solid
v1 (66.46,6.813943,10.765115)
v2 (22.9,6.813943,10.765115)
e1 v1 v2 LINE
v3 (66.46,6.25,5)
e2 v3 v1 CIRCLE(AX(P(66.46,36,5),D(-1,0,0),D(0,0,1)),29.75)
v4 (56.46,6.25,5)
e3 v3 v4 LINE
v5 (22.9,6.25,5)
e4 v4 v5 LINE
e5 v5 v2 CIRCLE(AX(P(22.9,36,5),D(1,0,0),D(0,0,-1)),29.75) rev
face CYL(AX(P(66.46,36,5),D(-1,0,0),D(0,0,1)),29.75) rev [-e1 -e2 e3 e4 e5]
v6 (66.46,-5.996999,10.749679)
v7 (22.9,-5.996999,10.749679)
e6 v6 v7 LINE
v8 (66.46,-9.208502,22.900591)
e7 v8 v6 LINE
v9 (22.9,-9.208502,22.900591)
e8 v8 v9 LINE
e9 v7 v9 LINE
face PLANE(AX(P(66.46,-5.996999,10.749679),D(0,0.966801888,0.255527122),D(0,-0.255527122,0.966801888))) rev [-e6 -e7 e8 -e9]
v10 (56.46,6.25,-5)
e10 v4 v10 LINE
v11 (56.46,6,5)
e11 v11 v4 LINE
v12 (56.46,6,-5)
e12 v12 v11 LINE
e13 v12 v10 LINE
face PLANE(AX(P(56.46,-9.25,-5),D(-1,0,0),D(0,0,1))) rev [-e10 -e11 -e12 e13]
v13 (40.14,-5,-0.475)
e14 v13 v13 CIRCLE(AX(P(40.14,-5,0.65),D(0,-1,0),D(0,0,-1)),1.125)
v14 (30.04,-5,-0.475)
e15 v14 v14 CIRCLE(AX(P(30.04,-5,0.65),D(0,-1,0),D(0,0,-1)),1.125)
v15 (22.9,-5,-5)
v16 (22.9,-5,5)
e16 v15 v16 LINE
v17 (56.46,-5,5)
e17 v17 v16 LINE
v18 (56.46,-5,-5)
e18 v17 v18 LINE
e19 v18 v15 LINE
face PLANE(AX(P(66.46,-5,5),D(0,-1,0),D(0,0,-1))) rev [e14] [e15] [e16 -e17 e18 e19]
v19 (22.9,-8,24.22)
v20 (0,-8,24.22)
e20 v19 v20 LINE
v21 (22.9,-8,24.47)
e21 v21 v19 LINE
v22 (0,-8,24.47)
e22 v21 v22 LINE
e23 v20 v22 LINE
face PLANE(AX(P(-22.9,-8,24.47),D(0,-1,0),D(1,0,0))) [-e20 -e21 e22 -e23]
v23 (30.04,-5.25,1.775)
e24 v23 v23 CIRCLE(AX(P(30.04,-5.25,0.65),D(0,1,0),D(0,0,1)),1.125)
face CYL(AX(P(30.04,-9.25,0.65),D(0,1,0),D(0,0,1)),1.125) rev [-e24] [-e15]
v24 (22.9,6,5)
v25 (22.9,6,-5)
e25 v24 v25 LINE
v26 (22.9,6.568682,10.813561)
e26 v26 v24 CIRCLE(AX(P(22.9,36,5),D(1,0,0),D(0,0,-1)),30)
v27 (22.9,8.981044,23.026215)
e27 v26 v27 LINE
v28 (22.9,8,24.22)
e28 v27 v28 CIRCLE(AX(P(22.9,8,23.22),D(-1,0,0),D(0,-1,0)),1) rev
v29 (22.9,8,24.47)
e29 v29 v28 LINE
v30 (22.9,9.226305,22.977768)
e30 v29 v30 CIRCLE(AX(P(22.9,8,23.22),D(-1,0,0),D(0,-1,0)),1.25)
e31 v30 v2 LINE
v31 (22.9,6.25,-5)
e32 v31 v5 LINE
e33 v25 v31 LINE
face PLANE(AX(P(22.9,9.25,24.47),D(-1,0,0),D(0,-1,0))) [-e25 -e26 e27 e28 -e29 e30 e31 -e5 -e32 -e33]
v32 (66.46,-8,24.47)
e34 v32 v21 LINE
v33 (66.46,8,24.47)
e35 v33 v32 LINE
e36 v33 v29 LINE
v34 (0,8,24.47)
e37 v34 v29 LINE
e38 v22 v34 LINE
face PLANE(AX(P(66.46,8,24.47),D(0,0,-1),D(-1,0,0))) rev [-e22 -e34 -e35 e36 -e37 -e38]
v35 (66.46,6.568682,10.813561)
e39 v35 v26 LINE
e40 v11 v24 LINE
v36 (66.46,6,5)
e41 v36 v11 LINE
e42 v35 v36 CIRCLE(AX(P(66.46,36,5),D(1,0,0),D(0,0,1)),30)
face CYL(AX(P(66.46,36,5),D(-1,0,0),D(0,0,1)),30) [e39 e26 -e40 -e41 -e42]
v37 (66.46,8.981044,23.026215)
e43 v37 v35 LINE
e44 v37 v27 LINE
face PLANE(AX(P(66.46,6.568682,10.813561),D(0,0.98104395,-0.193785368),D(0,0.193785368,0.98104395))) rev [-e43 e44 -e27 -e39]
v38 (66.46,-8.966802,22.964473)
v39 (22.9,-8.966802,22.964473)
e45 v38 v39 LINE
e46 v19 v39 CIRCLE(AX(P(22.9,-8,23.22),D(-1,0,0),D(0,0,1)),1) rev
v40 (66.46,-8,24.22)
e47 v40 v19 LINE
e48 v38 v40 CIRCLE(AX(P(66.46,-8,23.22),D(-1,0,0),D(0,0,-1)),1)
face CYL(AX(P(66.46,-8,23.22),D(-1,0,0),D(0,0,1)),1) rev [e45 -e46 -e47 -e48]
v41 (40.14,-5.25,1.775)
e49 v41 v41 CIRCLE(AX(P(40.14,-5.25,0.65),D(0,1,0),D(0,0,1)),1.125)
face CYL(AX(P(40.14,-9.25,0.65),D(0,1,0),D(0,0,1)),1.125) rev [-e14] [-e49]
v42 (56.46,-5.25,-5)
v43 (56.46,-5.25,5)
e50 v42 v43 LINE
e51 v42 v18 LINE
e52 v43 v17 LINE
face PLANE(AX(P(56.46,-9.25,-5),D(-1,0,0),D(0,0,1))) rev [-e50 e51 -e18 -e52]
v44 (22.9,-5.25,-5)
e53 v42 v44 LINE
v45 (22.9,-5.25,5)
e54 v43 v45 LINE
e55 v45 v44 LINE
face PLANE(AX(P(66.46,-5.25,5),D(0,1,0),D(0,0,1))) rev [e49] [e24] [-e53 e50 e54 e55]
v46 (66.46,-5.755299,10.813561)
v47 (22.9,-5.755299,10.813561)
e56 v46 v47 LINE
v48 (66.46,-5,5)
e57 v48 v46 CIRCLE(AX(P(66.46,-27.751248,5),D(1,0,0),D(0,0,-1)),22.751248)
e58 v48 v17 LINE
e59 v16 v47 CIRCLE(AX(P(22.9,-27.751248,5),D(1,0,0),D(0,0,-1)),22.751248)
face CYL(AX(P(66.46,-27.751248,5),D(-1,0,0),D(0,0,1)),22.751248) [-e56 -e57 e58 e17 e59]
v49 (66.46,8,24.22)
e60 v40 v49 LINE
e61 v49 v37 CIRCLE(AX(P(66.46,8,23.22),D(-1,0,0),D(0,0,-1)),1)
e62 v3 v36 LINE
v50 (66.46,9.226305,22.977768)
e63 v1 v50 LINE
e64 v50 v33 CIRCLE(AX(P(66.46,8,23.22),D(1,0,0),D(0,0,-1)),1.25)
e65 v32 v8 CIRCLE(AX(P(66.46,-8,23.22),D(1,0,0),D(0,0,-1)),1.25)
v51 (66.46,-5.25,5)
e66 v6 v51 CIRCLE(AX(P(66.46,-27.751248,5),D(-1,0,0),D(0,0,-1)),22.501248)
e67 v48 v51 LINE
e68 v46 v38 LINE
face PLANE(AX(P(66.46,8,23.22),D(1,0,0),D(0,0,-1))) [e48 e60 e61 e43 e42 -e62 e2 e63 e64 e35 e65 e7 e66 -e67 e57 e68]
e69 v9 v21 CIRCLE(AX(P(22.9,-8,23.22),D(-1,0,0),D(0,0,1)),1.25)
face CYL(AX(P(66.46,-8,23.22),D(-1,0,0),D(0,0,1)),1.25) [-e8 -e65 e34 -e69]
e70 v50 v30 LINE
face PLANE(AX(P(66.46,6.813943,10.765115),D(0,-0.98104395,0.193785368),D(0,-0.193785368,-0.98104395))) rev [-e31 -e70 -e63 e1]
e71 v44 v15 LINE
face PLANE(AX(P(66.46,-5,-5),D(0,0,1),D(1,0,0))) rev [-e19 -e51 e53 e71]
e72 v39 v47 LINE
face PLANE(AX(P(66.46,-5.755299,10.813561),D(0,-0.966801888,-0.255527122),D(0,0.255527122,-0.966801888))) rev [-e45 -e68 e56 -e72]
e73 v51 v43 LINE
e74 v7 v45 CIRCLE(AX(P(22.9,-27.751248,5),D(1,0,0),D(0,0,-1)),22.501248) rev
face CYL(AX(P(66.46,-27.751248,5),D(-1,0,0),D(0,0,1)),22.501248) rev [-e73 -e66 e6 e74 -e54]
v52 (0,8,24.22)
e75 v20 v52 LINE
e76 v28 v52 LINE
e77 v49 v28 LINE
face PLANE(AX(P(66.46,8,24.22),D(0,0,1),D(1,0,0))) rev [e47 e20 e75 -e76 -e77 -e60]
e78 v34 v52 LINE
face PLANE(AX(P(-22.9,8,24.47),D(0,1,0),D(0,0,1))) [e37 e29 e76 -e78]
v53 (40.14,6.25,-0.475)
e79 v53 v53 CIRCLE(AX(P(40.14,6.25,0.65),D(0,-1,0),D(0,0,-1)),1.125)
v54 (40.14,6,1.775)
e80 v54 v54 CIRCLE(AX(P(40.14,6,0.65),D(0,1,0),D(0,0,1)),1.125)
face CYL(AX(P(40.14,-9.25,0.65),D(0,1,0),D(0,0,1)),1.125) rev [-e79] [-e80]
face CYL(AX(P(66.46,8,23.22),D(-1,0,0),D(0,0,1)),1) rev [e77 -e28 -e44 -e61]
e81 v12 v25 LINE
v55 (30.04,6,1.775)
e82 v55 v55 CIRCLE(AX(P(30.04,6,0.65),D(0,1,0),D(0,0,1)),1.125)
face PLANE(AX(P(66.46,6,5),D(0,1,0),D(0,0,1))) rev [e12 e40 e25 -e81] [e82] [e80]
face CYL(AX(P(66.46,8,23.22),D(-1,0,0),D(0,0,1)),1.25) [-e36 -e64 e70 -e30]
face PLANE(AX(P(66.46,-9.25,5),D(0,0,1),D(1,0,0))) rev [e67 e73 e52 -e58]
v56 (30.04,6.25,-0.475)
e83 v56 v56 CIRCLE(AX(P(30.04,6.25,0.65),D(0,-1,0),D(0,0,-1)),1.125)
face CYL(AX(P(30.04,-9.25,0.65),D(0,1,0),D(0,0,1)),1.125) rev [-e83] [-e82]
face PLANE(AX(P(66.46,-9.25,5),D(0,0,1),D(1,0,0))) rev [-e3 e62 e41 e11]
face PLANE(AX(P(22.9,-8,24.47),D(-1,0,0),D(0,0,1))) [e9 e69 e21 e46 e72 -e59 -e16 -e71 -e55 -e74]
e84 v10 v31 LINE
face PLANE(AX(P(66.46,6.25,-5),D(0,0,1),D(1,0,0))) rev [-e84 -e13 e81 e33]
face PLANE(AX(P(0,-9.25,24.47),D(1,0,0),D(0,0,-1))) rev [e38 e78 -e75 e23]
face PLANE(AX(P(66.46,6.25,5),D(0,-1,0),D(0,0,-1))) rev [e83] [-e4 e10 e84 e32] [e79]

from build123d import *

# Parameters (mm, degrees)
EXTRUDE1_DEPTH          = 66.46
SKETCH2_W               = 45.8
SKETCH2_H               = 1.25
CUT_EXTRUDE1_DEPTH      = 25.47
SKETCH3_W               = 45.8
SKETCH3_H               = 29.22
CUT_EXTRUDE2_DEPTH      = 10.25
CUT_EXTRUDE2_DEPTH_BACK = 10.25
SKETCH4_R               = 1.125
SKETCH4_W               = 10
SKETCH4_H               = 10
CUT_EXTRUDE3_DEPTH      = 10.25
CUT_EXTRUDE3_DEPTH_BACK = 10.25
SKETCH5_W               = 66.46
SKETCH5_H               = 29.47
CUT_EXTRUDE4_DEPTH      = 10.25
CUT_EXTRUDE4_DEPTH_BACK = 10.25


with BuildPart() as part:
    # Sketch1 → Extrude1 (new body, symmetric)
    with BuildSketch(Plane(origin=(0, 0, 0), x_dir=(0, 0, -1), z_dir=(1, 0, 0))):
        with BuildLine():
            Line((-24.22, 8), (-24.22, -8))
            ThreePointArc((-24.22, -8), (-23.830111825, -8.792315317), (-22.964472878, -8.966801888))
            Line((-22.964472878, -8.966801888), (-10.813561051, -5.755298505))
            ThreePointArc((-10.813561051, -5.755298505), (-7.931209986, -5.189614776), (-5, -5))
            Line((-5, -5), (5, -5))
            Line((5, -5), (5, -5.25))
            Line((5, -5.25), (-5, -5.25))
            ThreePointArc((-5, -5.25), (-7.899000655, -5.437531211), (-10.749679271, -5.996998977))
            Line((-10.749679271, -5.996998977), (-22.900591097, -9.208502359))
            ThreePointArc((-22.900591097, -9.208502359), (-23.982639781, -8.990394146), (-24.47, -8))
            Line((-24.47, -8), (-24.47, 8))
            ThreePointArc((-24.47, 8), (-24.013634161, 8.965735377), (-22.97776829, 9.226304937))
            Line((-22.97776829, 9.226304937), (-10.765114709, 6.8139425))
            ThreePointArc((-10.765114709, 6.8139425), (-7.896315709, 6.391321284), (-5, 6.25))
            Line((-5, 6.25), (5, 6.25))
            Line((5, 6.25), (5, 6))
            Line((5, 6), (-5, 6))
            ThreePointArc((-5, 6), (-7.920654497, 6.142508858), (-10.813561051, 6.568681513))
            Line((-10.813561051, 6.568681513), (-23.026214632, 8.98104395))
            ThreePointArc((-23.026214632, 8.98104395), (-23.854907329, 8.772588302), (-24.22, 8))
        make_face()
    extrude(amount=EXTRUDE1_DEPTH, both=True)

    # Sketch2 → Cut-Extrude1 (cut, through all)
    with BuildSketch(Plane.XY):
        with Locations((0, 8.625)):
            Rectangle(SKETCH2_W, SKETCH2_H)
        with Locations((0, -8.625)):
            Rectangle(SKETCH2_W, SKETCH2_H)
    extrude(amount=CUT_EXTRUDE1_DEPTH, mode=Mode.SUBTRACT)

    # Sketch3 → Cut-Extrude2 (cut, two sides)
    with BuildSketch(Plane(origin=(0, 0, 0), x_dir=(1, 0, 0), z_dir=(0, 1, 0))) as cut_extrude2_sk:
        with Locations((0, -9.61)):
            Rectangle(SKETCH3_W, SKETCH3_H)
    extrude(amount=CUT_EXTRUDE2_DEPTH, mode=Mode.SUBTRACT)
    extrude(cut_extrude2_sk.sketch, amount=-CUT_EXTRUDE2_DEPTH_BACK, mode=Mode.SUBTRACT)

    # Sketch4 → Cut-Extrude3 (cut, two sides)
    with BuildSketch(Plane(origin=(0, 0, 0), x_dir=(1, 0, 0), z_dir=(0, 1, 0))) as cut_extrude3_sk:
        with Locations(Location((-40.14, -0.65, 0), (0, 0, 270))):  # turned: the seam where the file's is
            Circle(SKETCH4_R)
        with Locations(Location((-30.04, -0.65, 0), (0, 0, 270))):  # turned: the seam where the file's is
            Circle(SKETCH4_R)
        with Locations(Location((30.04, -0.65, 0), (0, 0, 270))):  # turned: the seam where the file's is
            Circle(SKETCH4_R)
        with Locations(Location((40.14, -0.65, 0), (0, 0, 270))):  # turned: the seam where the file's is
            Circle(SKETCH4_R)
        with Locations((-61.46, 0)):
            Rectangle(SKETCH4_W, SKETCH4_H)
        with Locations((61.46, 0)):
            Rectangle(SKETCH4_W, SKETCH4_H)
    extrude(amount=CUT_EXTRUDE3_DEPTH, mode=Mode.SUBTRACT)
    extrude(cut_extrude3_sk.sketch, amount=-CUT_EXTRUDE3_DEPTH_BACK, mode=Mode.SUBTRACT)

    # Sketch5 → Cut-Extrude4 (cut, two sides)
    with BuildSketch(Plane(origin=(0, 0, 0), x_dir=(1, 0, 0), z_dir=(0, 1, 0))) as cut_extrude4_sk:
        with Locations((-33.23, -9.735)):
            Rectangle(SKETCH5_W, SKETCH5_H)
    extrude(amount=CUT_EXTRUDE4_DEPTH, mode=Mode.SUBTRACT)
    extrude(cut_extrude4_sk.sketch, amount=-CUT_EXTRUDE4_DEPTH_BACK, mode=Mode.SUBTRACT)


solid = part.part
